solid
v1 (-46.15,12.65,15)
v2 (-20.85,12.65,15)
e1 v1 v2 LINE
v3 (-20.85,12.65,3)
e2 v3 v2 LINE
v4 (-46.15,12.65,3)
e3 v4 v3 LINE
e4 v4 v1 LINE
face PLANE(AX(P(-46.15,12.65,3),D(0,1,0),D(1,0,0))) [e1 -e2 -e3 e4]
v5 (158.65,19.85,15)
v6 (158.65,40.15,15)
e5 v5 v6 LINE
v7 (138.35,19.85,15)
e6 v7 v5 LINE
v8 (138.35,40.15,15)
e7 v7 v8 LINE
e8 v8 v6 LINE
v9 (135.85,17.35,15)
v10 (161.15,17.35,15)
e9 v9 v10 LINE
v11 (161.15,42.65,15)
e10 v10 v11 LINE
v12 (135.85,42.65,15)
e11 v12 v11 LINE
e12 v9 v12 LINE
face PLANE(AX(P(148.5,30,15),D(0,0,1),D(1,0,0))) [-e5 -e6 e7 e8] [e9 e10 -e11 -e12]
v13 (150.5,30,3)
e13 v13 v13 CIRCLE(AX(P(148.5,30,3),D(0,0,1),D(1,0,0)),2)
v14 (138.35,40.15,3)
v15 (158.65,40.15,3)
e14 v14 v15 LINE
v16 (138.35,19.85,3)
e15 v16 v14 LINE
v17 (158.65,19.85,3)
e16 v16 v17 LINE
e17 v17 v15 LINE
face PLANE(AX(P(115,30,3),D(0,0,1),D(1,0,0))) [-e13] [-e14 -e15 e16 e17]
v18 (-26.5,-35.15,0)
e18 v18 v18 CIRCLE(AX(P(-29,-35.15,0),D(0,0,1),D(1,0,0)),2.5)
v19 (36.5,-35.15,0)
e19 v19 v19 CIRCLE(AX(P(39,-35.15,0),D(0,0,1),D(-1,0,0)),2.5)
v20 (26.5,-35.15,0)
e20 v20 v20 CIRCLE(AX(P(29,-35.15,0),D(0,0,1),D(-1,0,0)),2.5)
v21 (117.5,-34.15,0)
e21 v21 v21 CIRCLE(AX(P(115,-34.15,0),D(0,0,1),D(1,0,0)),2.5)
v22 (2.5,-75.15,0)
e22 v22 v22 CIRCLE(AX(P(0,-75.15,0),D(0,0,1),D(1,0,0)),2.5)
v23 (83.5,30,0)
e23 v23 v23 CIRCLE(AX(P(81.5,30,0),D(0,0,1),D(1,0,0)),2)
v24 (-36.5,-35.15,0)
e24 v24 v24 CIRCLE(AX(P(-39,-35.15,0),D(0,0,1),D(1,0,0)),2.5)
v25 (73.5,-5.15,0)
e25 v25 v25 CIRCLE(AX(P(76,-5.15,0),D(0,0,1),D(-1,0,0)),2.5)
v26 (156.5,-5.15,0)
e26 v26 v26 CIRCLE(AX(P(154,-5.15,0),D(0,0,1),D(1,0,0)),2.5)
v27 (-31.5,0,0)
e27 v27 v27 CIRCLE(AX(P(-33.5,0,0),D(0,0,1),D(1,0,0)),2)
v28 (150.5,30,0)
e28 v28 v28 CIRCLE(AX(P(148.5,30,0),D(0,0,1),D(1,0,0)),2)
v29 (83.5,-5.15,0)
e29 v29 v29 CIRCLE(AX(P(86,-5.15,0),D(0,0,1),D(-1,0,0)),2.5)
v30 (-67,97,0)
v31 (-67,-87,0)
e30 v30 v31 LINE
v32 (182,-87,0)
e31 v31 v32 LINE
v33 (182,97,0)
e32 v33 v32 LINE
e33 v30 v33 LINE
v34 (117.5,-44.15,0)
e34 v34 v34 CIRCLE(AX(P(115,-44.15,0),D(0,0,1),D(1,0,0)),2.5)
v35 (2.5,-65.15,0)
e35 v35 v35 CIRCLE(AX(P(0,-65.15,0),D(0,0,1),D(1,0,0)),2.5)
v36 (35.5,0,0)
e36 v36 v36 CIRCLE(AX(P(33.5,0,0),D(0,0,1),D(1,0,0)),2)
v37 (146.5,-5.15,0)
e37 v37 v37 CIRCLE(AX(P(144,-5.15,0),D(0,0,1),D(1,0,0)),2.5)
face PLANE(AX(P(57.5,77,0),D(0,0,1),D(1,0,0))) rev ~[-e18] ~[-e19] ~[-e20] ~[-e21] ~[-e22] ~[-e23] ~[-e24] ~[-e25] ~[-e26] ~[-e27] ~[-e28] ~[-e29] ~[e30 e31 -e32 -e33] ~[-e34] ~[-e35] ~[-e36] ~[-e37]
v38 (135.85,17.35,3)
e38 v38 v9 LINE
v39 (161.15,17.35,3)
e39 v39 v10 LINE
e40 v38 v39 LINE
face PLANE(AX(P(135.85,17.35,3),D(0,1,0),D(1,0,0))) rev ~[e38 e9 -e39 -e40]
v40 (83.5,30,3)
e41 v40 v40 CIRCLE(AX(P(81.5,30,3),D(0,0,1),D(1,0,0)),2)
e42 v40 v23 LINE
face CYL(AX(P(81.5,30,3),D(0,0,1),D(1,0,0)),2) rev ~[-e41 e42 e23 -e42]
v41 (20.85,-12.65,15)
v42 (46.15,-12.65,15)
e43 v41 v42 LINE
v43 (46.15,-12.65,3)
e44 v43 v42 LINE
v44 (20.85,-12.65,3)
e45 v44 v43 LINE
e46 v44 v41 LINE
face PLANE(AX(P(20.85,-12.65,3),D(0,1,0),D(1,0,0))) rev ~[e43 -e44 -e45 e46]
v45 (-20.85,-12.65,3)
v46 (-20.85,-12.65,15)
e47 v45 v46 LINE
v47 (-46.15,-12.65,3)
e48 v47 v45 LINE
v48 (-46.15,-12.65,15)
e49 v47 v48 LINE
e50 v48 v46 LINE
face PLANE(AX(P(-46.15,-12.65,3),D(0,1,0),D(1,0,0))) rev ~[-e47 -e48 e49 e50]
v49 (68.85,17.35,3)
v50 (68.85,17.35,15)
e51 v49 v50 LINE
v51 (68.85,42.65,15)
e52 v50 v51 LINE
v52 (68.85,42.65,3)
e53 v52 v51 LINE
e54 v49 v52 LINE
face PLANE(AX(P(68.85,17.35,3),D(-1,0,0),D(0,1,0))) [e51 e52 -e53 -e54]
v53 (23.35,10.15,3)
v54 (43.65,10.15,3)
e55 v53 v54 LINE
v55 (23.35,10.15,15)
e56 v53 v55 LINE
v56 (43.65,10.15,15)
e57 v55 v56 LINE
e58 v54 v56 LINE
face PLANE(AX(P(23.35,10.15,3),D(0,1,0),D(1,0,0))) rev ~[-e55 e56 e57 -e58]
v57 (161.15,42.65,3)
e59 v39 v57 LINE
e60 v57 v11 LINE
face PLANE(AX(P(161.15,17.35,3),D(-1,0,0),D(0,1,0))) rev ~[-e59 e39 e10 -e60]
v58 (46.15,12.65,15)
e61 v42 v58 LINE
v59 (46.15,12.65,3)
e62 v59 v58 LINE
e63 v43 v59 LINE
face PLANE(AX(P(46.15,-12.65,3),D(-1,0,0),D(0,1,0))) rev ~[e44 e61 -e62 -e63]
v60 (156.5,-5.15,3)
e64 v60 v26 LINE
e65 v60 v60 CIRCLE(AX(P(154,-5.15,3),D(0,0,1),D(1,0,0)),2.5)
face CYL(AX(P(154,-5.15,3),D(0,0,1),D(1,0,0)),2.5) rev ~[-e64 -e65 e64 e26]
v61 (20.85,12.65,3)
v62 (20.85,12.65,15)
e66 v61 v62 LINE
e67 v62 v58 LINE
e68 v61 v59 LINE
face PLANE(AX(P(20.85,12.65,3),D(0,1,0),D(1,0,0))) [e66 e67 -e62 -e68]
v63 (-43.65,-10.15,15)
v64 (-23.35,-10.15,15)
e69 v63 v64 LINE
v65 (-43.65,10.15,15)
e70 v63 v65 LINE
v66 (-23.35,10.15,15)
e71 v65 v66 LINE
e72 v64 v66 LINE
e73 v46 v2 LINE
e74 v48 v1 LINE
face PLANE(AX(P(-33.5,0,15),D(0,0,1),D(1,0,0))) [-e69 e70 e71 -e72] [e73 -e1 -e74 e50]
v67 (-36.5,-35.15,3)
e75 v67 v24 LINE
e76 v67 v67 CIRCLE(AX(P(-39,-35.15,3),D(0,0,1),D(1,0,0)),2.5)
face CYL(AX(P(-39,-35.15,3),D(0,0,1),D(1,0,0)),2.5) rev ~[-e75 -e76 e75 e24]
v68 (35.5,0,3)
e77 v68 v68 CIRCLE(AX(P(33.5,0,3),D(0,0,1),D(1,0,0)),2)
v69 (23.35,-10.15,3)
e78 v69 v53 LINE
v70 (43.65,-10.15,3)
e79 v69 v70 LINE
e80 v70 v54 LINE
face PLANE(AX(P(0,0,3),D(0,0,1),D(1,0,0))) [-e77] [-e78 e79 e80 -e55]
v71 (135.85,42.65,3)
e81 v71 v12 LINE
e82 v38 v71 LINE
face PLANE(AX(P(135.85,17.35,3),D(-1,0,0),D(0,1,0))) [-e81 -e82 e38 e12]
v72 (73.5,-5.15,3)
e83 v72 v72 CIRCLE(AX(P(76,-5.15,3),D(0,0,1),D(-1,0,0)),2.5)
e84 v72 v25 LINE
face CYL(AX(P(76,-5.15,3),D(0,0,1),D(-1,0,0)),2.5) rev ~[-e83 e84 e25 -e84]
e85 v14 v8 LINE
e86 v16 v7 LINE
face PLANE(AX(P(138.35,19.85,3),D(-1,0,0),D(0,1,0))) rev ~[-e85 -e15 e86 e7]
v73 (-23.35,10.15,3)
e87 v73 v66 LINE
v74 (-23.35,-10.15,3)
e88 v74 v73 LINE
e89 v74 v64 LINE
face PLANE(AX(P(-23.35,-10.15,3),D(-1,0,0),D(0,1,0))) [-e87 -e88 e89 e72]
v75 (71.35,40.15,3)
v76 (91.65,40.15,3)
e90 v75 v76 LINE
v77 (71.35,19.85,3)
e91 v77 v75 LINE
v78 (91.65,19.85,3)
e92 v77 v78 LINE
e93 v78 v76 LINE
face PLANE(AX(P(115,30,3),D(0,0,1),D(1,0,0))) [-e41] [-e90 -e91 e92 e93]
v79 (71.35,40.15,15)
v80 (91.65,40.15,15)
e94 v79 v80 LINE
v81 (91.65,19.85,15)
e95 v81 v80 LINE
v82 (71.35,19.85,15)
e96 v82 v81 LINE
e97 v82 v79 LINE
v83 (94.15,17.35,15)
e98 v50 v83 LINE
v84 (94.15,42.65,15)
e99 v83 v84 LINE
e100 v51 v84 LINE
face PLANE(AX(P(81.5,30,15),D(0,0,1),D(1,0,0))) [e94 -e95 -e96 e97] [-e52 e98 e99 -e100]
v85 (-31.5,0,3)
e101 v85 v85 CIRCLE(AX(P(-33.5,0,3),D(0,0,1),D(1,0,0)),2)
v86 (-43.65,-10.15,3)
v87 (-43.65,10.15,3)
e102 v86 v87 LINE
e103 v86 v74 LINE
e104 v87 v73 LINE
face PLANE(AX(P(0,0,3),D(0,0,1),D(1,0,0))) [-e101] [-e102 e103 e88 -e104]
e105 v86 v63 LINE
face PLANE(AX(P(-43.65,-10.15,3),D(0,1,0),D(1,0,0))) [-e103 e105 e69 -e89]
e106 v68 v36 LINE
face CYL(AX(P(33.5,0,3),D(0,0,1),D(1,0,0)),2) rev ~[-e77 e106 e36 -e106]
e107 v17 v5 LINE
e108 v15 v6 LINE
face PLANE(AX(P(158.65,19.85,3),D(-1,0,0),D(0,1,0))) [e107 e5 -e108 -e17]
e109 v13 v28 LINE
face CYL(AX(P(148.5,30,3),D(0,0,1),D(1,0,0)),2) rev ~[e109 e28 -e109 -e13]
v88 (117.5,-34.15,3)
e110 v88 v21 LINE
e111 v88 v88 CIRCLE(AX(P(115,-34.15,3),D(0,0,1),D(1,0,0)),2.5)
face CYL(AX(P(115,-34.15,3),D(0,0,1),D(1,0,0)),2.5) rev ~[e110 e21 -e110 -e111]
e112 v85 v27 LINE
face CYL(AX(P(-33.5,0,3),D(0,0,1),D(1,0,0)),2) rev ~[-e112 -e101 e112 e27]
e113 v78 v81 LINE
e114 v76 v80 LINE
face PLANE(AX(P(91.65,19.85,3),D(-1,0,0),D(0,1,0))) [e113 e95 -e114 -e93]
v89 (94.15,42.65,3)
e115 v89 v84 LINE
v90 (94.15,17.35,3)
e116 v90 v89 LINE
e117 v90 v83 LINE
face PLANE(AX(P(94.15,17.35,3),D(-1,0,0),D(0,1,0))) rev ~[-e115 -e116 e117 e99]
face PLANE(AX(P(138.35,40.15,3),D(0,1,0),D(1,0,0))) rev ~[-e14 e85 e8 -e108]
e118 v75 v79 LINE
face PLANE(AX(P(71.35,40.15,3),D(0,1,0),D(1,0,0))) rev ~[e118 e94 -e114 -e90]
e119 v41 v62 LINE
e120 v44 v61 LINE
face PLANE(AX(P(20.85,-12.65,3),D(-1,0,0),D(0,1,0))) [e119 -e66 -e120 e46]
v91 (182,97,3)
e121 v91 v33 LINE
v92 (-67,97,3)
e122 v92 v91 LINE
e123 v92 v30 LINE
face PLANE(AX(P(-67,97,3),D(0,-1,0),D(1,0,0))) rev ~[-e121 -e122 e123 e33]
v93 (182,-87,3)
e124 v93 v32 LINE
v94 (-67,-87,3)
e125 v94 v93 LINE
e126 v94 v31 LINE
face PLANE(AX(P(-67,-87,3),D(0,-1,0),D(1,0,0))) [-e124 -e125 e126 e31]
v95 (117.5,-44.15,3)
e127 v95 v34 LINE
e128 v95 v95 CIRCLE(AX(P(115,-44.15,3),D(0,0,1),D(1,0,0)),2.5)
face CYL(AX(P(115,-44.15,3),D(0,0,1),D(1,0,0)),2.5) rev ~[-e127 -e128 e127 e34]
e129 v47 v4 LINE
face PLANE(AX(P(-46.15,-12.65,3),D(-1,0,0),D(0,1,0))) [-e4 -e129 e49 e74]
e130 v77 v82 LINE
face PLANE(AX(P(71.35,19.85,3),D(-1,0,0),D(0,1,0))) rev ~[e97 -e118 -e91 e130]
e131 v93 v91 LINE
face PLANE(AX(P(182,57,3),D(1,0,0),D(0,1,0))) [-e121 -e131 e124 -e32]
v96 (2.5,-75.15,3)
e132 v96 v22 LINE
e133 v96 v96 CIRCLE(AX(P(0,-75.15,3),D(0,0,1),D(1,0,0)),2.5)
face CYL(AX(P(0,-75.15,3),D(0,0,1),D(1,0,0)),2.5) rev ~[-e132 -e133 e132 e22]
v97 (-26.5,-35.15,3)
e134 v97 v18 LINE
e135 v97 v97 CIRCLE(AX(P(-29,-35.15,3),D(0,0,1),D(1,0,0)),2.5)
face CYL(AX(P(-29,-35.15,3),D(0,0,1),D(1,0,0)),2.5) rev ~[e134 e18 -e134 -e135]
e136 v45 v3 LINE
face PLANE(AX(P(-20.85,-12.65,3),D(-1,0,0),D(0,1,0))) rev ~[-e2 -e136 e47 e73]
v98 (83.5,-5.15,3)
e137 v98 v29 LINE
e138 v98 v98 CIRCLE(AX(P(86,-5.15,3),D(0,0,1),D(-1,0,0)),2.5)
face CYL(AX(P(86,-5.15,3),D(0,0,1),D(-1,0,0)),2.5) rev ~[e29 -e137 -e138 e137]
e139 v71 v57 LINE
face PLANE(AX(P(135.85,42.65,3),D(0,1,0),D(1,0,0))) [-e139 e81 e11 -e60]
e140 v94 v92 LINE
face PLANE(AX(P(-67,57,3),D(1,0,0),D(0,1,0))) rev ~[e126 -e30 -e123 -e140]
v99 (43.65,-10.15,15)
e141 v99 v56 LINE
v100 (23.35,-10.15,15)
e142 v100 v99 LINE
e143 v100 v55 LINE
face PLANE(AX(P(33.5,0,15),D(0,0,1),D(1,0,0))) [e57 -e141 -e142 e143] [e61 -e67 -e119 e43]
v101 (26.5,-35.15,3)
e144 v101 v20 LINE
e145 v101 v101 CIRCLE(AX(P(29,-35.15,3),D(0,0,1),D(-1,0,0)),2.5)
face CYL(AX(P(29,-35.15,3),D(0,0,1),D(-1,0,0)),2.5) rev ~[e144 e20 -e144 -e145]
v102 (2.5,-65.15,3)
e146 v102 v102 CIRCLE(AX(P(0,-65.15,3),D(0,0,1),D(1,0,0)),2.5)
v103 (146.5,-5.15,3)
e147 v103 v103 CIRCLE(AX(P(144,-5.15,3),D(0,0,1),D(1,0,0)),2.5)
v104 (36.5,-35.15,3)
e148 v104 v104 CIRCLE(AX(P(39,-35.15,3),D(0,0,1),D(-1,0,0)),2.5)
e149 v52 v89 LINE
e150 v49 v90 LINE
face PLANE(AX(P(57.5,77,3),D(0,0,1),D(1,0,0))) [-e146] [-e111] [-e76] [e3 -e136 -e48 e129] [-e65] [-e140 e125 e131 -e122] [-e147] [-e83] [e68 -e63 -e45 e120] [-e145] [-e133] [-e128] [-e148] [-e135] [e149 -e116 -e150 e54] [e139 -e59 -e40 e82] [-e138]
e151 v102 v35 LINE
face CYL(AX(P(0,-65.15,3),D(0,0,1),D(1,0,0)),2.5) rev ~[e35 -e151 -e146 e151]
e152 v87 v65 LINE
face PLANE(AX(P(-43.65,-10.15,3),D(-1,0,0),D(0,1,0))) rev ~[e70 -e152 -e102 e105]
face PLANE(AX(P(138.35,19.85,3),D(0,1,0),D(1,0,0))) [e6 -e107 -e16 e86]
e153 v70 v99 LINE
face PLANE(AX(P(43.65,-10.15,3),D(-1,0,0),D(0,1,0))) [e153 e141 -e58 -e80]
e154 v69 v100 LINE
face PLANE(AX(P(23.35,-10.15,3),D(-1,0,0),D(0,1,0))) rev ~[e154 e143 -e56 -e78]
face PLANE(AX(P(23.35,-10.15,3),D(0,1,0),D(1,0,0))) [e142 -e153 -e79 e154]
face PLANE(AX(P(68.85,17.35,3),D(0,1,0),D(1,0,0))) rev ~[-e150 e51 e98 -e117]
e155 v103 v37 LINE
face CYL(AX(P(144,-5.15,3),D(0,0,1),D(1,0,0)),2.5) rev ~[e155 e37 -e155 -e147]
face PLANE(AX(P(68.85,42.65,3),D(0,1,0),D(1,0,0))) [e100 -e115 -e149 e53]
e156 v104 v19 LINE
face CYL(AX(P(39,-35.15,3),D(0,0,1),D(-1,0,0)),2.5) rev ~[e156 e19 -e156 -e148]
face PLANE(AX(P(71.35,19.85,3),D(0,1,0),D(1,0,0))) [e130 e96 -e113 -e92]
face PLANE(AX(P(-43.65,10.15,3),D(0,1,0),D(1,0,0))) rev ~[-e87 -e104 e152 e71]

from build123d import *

# Parameters (mm, degrees)
CROQUIS1_W              = 134
CROQUIS1_H              = 54
SALIENTE_EXTRUIR1_DEPTH = 3
CROQUIS2_W              = 25.3
CROQUIS2_H              = 25.3
CROQUIS2_W_2            = 20.3
CROQUIS2_H_2            = 20.3
SALIENTE_EXTRUIR2_DEPTH = 12
CROQUIS4_R              = 2
CORTAR_EXTRUIR1_DEPTH   = 12
CROQUIS5_W              = 115
CROQUIS5_H              = 30
SALIENTE_EXTRUIR3_DEPTH = 3
CROQUIS6_W              = 249
CROQUIS6_H              = 40
CROQUIS6_H_2            = 60
SALIENTE_EXTRUIR4_DEPTH = 3
CROQUIS8_R              = 2.5
CORTAR_EXTRUIR3_DEPTH   = 10


with BuildPart() as part:
    # Croquis1 → Saliente-Extruir1 (new body)
    with BuildSketch(Plane.XY):
        Rectangle(CROQUIS1_W, CROQUIS1_H)
    extrude(amount=SALIENTE_EXTRUIR1_DEPTH)

    # Croquis2 → Saliente-Extruir2 (add)
    # profile 1 of 2: a face of its own
    with BuildSketch(Plane.XY.offset(3)):
        with Locations((-33.5, 0)):
            Rectangle(CROQUIS2_W, CROQUIS2_H)
        with Locations((-33.5, 0)):
            Rectangle(CROQUIS2_W_2, CROQUIS2_H_2, mode=Mode.SUBTRACT)
    # profile 2 of 2: a face of its own
    with BuildSketch(Plane.XY.offset(3)):
        with Locations((33.5, 0)):
            Rectangle(CROQUIS2_W, CROQUIS2_H)
        with Locations((33.5, 0)):
            Rectangle(CROQUIS2_W_2, CROQUIS2_H_2, mode=Mode.SUBTRACT)
    extrude(amount=SALIENTE_EXTRUIR2_DEPTH)


with BuildPart() as body_2:
    # Sólido-Mover/Copiar1: copy of part
    add(part.part.moved(Location((115, 30, 0))))

    # Combinar1: union part
    add(part.part)

    # Croquis4 → Cortar-Extruir1 (cut)
    with BuildSketch(Plane.XY.offset(3)):
        with Locations((-33.5, 0)):
            Circle(CROQUIS4_R)
        with Locations((33.5, 0)):
            Circle(CROQUIS4_R)
        with Locations((81.5, 30)):
            Circle(CROQUIS4_R)
        with Locations((148.5, 30)):
            Circle(CROQUIS4_R)
    extrude(amount=-CORTAR_EXTRUIR1_DEPTH, mode=Mode.SUBTRACT)

    # Croquis5 → Saliente-Extruir3 (add)
    with BuildSketch(Plane.XY.offset(3)):
        with Locations((-9.5, 42)):
            Rectangle(CROQUIS5_W, CROQUIS5_H)
        with Locations((124.5, -12)):
            Rectangle(CROQUIS5_W, CROQUIS5_H)
    extrude(amount=-SALIENTE_EXTRUIR3_DEPTH)

    # Croquis6 → Saliente-Extruir4 (add)
    with BuildSketch(Plane.XY.offset(3)):
        with Locations((57.5, 77)):
            Rectangle(CROQUIS6_W, CROQUIS6_H)
        with Locations((57.5, -57)):
            Rectangle(CROQUIS6_W, CROQUIS6_H_2)
    extrude(amount=-SALIENTE_EXTRUIR4_DEPTH)

    # Croquis8 → Cortar-Extruir3 (cut)
    with BuildSketch(Plane.XY.offset(3)):
        with Locations((144, -5.15)):
            Circle(CROQUIS8_R)
        with Locations((154, -5.15)):
            Circle(CROQUIS8_R)
        with Locations((115, -34.15)):
            Circle(CROQUIS8_R)
        with Locations((115, -44.15)):
            Circle(CROQUIS8_R)
        with Locations(Location((76, -5.15, 0), (0, 0, 180))):
            Circle(CROQUIS8_R)
        with Locations(Location((86, -5.15, 0), (0, 0, 180))):
            Circle(CROQUIS8_R)
        with Locations((-29, -35.15)):
            Circle(CROQUIS8_R)
        with Locations((-39, -35.15)):
            Circle(CROQUIS8_R)
        with Locations((0, -65.15)):
            Circle(CROQUIS8_R)
        with Locations((0, -75.15)):
            Circle(CROQUIS8_R)
        with Locations(Location((39, -35.15, 0), (0, 0, 180))):
            Circle(CROQUIS8_R)
        with Locations(Location((29, -35.15, 0), (0, 0, 180))):
            Circle(CROQUIS8_R)
    extrude(amount=-CORTAR_EXTRUIR3_DEPTH, mode=Mode.SUBTRACT)


solid = body_2.part
